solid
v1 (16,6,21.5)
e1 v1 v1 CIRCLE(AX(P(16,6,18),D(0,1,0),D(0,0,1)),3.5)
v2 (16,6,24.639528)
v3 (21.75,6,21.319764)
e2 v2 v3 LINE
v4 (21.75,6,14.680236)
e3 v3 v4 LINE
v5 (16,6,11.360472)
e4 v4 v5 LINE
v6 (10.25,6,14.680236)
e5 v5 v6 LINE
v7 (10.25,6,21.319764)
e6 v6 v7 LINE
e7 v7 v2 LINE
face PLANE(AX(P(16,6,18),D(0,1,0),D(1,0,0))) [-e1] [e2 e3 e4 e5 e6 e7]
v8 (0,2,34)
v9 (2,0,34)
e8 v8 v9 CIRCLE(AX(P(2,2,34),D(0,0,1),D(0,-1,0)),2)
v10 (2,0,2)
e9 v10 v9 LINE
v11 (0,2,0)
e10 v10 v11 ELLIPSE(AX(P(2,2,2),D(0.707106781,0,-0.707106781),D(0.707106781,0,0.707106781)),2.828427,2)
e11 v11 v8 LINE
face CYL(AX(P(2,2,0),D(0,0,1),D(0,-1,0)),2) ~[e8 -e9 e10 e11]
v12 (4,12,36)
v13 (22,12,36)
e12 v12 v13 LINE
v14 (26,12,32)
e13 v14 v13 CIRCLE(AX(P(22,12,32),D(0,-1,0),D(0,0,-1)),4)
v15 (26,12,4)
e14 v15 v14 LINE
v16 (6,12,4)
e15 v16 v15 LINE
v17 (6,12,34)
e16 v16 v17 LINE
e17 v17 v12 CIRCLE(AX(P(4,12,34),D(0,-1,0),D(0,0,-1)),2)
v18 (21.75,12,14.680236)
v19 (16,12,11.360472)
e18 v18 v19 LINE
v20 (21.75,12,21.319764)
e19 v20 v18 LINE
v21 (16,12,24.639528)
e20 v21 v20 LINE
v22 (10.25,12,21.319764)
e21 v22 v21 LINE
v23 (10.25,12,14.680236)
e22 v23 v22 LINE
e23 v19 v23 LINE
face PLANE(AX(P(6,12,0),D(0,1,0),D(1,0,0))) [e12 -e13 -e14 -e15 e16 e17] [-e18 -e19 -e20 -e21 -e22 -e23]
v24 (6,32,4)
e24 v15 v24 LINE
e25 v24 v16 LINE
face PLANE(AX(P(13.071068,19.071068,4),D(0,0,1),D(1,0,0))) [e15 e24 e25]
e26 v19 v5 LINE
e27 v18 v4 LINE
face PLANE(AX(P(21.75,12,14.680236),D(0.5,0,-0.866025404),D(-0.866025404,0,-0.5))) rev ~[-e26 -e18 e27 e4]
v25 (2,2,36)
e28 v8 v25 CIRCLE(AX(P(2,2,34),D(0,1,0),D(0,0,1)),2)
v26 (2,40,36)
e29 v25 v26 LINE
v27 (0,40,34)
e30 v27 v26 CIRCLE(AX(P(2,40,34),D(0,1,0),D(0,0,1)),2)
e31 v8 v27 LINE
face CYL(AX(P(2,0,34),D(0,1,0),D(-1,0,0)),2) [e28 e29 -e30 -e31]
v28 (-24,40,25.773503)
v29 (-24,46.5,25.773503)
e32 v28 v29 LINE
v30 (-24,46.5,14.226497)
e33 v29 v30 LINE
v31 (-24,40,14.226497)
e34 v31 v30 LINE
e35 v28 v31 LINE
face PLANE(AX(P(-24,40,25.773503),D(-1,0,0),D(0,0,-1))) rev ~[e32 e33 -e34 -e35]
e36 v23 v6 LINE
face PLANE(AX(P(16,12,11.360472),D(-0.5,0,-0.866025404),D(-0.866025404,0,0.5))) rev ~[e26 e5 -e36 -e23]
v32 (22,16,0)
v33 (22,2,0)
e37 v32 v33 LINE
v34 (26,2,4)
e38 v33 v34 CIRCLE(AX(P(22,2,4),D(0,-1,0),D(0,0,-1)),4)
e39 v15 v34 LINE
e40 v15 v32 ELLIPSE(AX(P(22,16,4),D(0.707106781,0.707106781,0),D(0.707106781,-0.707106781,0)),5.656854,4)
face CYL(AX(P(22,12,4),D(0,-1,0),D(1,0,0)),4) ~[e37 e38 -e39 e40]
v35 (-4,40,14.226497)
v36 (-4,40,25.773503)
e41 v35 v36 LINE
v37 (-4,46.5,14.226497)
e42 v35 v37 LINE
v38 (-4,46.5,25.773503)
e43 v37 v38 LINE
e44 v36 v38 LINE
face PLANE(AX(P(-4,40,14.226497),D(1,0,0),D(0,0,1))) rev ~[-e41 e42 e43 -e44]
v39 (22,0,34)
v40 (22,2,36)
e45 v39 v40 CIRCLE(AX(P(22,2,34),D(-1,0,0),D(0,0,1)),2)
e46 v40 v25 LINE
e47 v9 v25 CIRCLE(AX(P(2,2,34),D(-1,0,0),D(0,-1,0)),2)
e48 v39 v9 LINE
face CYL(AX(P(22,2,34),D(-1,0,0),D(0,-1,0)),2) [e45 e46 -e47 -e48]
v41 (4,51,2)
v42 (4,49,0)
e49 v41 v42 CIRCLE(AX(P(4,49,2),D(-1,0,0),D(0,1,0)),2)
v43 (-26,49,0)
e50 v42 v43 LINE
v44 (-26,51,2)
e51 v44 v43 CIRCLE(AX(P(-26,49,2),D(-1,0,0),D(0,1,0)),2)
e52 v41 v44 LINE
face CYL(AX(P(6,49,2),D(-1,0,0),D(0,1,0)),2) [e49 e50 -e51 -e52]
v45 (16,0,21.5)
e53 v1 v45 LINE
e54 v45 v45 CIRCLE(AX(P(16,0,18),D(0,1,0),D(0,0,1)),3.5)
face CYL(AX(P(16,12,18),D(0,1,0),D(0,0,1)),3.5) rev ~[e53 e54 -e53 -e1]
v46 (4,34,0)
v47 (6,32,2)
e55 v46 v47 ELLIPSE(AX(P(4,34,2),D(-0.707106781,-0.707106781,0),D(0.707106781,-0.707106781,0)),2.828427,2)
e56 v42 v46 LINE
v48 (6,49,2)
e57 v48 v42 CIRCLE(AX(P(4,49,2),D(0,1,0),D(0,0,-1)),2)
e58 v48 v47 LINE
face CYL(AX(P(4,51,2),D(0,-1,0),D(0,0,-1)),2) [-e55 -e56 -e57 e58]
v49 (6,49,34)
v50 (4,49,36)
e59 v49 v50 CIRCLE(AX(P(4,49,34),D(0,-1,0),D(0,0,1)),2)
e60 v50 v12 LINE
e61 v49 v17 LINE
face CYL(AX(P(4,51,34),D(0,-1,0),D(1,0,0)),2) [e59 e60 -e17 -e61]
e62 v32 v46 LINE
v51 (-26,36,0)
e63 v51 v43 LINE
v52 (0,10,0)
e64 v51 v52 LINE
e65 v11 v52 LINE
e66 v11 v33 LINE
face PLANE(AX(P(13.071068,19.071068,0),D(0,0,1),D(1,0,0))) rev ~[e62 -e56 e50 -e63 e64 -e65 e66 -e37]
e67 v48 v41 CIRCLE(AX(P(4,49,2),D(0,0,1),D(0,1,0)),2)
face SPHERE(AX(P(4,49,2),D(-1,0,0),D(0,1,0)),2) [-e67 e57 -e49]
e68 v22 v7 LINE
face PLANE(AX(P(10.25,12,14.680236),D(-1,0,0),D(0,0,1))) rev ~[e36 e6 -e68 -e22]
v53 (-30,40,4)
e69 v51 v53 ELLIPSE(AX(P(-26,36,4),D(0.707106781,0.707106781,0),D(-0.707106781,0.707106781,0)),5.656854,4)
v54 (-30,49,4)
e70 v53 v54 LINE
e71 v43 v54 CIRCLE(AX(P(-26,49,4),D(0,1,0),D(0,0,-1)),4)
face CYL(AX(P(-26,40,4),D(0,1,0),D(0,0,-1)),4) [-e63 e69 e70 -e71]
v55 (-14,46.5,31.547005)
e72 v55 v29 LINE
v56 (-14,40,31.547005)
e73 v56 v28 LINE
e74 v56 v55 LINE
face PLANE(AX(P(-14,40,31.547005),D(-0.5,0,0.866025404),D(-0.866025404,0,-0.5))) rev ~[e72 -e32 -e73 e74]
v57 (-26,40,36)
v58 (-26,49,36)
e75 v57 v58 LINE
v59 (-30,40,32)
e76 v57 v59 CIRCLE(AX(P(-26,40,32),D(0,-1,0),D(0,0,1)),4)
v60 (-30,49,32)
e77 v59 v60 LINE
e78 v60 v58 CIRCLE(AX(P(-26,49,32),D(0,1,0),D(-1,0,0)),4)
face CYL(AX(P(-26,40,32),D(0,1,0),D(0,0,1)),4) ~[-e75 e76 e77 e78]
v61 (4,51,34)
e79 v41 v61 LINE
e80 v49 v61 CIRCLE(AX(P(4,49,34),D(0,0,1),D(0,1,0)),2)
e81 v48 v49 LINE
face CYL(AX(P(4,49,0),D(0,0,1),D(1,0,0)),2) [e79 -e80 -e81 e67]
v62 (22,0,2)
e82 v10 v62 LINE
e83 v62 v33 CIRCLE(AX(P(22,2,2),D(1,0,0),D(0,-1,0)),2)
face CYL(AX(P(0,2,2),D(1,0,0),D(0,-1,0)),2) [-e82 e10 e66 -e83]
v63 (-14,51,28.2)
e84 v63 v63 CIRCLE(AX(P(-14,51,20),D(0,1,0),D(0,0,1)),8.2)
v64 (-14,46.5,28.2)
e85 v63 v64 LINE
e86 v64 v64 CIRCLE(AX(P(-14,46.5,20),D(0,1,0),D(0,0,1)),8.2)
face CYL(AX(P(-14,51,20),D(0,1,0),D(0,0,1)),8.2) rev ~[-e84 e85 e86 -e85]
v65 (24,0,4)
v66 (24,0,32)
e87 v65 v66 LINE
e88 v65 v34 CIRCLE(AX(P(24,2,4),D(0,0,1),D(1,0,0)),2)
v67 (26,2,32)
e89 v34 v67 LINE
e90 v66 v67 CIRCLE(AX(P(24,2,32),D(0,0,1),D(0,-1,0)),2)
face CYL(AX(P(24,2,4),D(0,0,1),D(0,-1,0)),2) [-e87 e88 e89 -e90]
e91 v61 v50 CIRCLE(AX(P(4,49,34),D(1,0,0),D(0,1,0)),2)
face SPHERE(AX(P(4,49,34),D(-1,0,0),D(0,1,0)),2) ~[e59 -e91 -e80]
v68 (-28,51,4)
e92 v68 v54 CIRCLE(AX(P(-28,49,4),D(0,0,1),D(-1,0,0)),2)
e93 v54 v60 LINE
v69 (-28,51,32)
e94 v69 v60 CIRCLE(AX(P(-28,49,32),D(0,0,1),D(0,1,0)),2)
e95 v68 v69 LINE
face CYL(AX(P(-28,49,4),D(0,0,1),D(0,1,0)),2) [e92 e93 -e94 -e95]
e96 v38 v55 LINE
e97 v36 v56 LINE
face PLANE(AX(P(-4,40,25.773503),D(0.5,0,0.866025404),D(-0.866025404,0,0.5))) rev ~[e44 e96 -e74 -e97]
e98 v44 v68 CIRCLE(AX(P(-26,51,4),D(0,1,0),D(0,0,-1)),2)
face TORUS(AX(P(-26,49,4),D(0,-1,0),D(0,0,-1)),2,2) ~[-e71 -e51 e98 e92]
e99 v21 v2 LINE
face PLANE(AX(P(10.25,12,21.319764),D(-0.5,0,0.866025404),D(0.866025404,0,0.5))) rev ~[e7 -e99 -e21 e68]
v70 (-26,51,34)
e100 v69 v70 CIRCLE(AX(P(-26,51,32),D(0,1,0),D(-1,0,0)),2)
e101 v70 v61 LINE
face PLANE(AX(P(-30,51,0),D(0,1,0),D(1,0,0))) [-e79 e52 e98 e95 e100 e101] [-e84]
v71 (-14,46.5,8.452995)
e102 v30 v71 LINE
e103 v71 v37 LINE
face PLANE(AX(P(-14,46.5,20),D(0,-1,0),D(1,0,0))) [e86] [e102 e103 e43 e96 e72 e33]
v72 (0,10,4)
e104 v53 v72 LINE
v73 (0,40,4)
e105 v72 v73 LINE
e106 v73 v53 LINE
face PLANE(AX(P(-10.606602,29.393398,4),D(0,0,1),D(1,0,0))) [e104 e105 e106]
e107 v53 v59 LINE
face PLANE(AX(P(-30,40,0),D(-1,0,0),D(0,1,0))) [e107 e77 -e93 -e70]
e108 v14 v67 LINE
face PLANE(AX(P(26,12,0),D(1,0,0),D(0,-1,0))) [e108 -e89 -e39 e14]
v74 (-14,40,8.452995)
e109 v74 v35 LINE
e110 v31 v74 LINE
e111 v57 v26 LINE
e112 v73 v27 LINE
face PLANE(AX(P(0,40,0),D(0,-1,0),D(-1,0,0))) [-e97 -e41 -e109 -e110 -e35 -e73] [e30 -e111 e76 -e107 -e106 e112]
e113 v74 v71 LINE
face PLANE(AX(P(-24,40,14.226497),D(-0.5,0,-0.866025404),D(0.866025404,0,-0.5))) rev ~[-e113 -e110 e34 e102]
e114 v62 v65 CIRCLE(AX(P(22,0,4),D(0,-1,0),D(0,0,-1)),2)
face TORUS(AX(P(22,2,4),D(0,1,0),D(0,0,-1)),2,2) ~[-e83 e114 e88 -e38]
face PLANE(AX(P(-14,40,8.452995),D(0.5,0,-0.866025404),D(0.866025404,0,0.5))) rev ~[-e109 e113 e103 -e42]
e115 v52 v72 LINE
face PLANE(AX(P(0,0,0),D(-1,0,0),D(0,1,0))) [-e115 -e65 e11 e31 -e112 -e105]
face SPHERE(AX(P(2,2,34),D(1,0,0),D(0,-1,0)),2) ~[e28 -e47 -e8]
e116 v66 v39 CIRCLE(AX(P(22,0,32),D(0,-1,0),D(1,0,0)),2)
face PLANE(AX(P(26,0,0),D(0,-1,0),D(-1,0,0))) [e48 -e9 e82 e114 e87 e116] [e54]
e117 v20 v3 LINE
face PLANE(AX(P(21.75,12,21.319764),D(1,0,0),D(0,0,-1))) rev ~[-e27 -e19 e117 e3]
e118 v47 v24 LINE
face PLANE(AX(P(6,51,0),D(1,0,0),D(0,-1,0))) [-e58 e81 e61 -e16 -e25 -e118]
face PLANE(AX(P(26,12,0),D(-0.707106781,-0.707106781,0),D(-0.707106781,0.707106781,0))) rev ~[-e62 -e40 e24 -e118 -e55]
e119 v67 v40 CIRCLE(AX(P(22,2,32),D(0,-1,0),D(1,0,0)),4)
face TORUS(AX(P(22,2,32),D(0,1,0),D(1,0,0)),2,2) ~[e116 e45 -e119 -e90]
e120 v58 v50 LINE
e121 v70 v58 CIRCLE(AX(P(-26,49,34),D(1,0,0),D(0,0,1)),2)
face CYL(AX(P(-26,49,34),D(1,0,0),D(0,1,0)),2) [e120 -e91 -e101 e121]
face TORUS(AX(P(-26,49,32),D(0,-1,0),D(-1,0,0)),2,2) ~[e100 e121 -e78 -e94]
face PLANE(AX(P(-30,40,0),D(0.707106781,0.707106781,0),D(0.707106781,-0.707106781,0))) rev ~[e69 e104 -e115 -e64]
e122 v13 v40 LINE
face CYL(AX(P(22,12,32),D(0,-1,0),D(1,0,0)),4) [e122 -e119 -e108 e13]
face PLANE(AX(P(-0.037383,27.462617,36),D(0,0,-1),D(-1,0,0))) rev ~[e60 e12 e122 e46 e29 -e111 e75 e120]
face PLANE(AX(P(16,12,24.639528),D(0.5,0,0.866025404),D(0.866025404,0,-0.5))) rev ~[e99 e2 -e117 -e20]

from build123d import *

# Parameters (mm, degrees)
BOSS_EXTRUDE1_DEPTH = 36
SKETCH3_R           = 3.5
CUT_EXTRUDE1_DEPTH  = 32
SKETCH2_R           = 8.2
CUT_EXTRUDE2_DEPTH  = 32
CUT_EXTRUDE3_DEPTH  = 6
BOSS_EXTRUDE3_DEPTH = 4
CUT_EXTRUDE4_DEPTH  = 6.5
FILLET1_R           = 4
FILLET4_R           = 2


with BuildPart() as part:
    # Sketch1 → Boss-Extrude1 (new body)
    with BuildSketch(Plane.XY):
        Polygon((0, 0), (0, 40), (-30, 40), (-30, 51), (6, 51), (6, 12), (26, 12), (26, 0), align=None)
    extrude(amount=BOSS_EXTRUDE1_DEPTH)

    # Sketch3 → Cut-Extrude1 (cut)
    with BuildSketch(Plane(origin=(0, 12, 0), x_dir=(1, 0, 0), z_dir=(0, 1, 0))):
        with Locations(Location((16, -18, 0), (0, 0, 270))):
            Circle(SKETCH3_R)
    extrude(amount=-CUT_EXTRUDE1_DEPTH, mode=Mode.SUBTRACT)

    # Sketch2 → Cut-Extrude2 (cut)
    with BuildSketch(Plane(origin=(0, 51, 0), x_dir=(1, 0, 0), z_dir=(0, 1, 0))):
        with Locations(Location((-14, -20, 0), (0, 0, 270))):
            Circle(SKETCH2_R)
    extrude(amount=-CUT_EXTRUDE2_DEPTH, mode=Mode.SUBTRACT)

    # Sketch4 → Cut-Extrude3 (cut)
    with BuildSketch(Plane(origin=(0, 12, 0), x_dir=(1, 0, 0), z_dir=(0, 1, 0))):
        Polygon((16, -24.639528096), (21.75, -21.319764048), (21.75, -14.680235952), (16, -11.360471904), (10.25, -14.680235952), (10.25, -21.319764048), align=None)
    extrude(amount=-CUT_EXTRUDE3_DEPTH, mode=Mode.SUBTRACT)

    # Sketch5 → Boss-Extrude3 (add)
    with BuildSketch(Plane(origin=(0, 0, 0), x_dir=(-1, 0, 0), z_dir=(0, 0, -1))):
        Polygon((-26, 12), (-6, 32), (-6, 12), align=None)
        Polygon((0, 10), (0, 40), (30, 40), align=None)
    extrude(amount=-BOSS_EXTRUDE3_DEPTH)

    # Sketch6 → Cut-Extrude4 (cut)
    with BuildSketch(Plane.XZ.offset(-40)):
        Polygon((-14, 8.452994616), (-4, 14.226497308), (-4, 25.773502692), (-14, 31.547005384), (-24, 25.773502692), (-24, 14.226497308), align=None)
    extrude(amount=-CUT_EXTRUDE4_DEPTH, mode=Mode.SUBTRACT)

    # Fillet1
    fillet1_edges = [part.edges().sort_by_distance(p)[0] for p in [
        (26, 6, 0),
        (-30, 45.5, 36),
        (26, 6, 36),
        (-30, 45.5, 0),
    ]]
    fillet(fillet1_edges, radius=FILLET1_R)

    # Fillet4
    fillet4_edges = [part.edges().sort_by_distance(p)[0] for p in [
        (26, 0, 18),
        (24.828427125, 0, 1.171572875),
        (24.828427125, 0, 34.828427125),
        (11, 0, 0),
        (-30, 51, 18),
        (-28.828427125, 51, 1.171572875),
        (-28.828427125, 51, 34.828427125),
        (0, 0, 18),
        (6, 51, 18),
        (6, 31.5, 36),
        (-10, 51, 36),
        (0, 20, 36),
        (11, 0, 36),
        (6, 41.5, 0),
        (-10, 51, 0),
    ]]
    fillet(fillet4_edges, radius=FILLET4_R)


solid = part.part
